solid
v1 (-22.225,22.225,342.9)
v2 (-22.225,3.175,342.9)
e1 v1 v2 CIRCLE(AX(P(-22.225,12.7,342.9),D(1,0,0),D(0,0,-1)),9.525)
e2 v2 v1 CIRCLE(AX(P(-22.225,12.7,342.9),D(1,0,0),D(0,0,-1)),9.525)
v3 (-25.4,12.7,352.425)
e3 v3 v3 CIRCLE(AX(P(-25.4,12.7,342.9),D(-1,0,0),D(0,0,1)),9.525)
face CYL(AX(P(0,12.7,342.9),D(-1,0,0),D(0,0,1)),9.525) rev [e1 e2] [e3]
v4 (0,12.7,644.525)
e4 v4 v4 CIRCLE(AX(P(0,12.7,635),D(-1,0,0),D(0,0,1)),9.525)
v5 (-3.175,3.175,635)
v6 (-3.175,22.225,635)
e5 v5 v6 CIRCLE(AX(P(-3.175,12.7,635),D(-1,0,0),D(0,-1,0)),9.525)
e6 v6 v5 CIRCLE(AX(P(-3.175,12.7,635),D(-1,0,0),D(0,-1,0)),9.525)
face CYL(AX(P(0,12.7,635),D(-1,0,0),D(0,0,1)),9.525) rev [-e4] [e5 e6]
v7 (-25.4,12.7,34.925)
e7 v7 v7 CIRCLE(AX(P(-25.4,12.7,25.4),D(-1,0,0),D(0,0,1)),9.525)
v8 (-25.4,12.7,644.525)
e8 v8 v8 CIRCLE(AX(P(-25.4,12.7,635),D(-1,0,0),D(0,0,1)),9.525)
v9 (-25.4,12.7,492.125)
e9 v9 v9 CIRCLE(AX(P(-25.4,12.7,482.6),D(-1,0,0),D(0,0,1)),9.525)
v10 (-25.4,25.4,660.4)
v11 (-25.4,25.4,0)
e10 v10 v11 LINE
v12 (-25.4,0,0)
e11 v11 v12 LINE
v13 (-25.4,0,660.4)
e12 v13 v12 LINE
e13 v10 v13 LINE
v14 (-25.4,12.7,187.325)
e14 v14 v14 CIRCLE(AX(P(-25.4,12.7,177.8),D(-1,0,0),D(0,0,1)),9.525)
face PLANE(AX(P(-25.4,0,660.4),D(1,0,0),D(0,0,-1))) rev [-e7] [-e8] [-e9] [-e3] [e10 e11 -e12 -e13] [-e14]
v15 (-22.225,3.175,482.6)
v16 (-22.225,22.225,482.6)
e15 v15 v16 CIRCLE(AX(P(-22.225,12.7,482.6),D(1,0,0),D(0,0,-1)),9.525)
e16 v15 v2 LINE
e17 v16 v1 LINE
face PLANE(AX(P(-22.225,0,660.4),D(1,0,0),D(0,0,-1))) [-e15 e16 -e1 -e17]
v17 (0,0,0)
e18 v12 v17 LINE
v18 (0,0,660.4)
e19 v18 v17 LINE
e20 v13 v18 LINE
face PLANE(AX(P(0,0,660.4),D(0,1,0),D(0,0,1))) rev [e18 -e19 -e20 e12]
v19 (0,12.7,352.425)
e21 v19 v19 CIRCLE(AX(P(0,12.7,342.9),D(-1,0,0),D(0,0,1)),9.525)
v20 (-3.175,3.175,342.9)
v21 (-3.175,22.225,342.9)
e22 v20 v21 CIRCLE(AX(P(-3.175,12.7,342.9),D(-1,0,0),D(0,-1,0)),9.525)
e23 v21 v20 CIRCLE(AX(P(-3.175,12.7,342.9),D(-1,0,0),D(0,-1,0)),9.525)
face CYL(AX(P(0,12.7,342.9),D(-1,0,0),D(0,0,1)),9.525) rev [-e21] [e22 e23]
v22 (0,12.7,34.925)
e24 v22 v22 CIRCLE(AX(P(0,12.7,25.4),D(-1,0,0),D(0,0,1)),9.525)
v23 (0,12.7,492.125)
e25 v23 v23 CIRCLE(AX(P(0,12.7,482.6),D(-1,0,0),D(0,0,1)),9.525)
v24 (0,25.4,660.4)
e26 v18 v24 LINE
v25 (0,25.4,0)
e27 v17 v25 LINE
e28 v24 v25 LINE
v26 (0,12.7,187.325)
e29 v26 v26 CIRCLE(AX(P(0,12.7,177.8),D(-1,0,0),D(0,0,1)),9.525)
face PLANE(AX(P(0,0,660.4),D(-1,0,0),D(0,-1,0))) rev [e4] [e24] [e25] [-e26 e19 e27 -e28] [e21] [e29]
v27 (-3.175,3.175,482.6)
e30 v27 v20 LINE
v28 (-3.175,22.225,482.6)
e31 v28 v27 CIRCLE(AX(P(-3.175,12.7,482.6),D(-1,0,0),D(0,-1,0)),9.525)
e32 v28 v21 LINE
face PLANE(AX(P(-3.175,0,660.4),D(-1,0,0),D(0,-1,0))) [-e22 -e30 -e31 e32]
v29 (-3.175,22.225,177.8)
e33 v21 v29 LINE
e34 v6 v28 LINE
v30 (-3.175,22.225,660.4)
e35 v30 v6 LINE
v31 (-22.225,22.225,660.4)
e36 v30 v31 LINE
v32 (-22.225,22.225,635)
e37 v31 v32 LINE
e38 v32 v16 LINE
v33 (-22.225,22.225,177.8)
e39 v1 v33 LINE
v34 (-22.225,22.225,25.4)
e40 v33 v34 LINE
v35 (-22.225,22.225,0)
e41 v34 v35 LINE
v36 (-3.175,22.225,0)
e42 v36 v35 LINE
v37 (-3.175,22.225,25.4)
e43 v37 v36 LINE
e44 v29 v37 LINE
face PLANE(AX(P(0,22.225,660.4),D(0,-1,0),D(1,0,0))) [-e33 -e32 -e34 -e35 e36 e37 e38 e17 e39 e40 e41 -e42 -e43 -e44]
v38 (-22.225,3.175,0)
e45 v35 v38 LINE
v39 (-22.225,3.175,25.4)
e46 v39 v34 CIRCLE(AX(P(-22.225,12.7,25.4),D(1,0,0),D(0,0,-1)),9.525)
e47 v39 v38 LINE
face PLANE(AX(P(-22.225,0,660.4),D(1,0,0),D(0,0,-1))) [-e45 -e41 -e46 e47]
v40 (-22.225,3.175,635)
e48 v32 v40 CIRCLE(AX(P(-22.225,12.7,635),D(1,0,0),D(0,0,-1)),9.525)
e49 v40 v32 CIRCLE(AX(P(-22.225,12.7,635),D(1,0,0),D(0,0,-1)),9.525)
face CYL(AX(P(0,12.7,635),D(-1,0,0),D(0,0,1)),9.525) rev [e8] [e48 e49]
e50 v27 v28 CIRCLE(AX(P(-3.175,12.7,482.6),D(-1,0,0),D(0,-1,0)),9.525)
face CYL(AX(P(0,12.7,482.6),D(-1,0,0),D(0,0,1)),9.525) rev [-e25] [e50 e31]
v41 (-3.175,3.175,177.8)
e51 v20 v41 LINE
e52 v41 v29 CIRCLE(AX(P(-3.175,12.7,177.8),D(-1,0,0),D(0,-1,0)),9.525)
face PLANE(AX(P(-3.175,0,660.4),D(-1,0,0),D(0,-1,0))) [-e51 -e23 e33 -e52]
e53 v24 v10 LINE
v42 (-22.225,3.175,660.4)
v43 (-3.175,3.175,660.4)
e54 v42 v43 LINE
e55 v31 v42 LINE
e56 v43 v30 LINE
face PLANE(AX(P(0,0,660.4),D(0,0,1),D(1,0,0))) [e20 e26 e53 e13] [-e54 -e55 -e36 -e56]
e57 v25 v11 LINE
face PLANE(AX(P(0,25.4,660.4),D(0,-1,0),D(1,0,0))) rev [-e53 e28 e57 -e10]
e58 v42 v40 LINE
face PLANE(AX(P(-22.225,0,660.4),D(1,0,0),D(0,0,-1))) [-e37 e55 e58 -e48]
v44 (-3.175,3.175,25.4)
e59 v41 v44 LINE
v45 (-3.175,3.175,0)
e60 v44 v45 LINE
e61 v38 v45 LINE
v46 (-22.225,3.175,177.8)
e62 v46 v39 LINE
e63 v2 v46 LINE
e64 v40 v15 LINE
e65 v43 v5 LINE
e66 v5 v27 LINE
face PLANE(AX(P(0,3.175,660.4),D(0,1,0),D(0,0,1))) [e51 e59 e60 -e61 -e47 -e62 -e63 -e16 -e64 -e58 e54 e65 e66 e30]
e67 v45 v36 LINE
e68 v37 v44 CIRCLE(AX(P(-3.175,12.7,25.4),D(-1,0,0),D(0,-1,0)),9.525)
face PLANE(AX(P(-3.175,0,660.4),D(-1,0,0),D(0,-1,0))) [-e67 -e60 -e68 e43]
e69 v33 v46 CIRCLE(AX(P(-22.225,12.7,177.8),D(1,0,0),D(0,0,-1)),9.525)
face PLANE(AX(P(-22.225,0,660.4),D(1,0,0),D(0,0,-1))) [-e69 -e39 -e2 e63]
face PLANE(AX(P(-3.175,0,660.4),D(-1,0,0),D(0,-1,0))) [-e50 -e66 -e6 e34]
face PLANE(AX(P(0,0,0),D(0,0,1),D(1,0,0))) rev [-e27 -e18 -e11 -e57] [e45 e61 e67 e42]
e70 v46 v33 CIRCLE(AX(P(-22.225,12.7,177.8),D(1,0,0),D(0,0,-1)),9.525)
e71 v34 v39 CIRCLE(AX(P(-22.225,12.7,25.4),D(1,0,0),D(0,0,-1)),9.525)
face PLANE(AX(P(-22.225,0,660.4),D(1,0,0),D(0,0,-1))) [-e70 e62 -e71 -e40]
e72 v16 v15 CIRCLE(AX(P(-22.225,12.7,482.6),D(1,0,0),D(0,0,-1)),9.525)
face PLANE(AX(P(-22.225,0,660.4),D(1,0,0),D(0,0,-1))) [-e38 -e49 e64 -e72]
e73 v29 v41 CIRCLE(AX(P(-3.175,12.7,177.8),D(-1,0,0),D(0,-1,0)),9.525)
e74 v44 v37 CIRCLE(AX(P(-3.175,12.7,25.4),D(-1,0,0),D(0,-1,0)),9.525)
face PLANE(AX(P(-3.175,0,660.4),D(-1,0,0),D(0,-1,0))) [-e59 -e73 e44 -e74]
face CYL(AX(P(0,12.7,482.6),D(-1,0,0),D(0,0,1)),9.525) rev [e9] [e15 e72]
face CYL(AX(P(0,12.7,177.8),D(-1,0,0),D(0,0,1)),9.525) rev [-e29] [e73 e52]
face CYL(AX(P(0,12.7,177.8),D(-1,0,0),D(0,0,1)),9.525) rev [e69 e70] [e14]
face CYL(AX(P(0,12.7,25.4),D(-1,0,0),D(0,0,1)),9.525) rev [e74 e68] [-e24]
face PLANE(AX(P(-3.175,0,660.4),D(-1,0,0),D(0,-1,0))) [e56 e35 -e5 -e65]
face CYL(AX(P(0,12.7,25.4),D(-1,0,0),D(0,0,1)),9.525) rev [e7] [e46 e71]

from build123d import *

# Parameters (mm, degrees)
SKETCH1_W           = 25.4
SKETCH1_H           = 25.4
SKETCH1_W_2         = 19.05
SKETCH1_H_2         = 19.05
EXTRUDE_THIN1_DEPTH = 660.4
SKETCH2_R           = 9.525
CUT_EXTRUDE1_DEPTH  = 662.376201568


with BuildPart() as part:
    # Sketch1 → Extrude-Thin1 (new body)
    with BuildSketch(Plane.XY):
        with Locations((-12.7, 12.7)):
            Rectangle(SKETCH1_W, SKETCH1_H)
        with Locations((-12.7, 12.7)):
            Rectangle(SKETCH1_W_2, SKETCH1_H_2, mode=Mode.SUBTRACT)
    extrude(amount=EXTRUDE_THIN1_DEPTH)

    # Sketch2 → Cut-Extrude1 (cut, through all)
    with BuildSketch(Plane.ZY.offset(25.4)):
        with Locations((25.4, 12.7)):
            Circle(SKETCH2_R)
        with Locations((177.8, 12.7)):
            Circle(SKETCH2_R)
        with Locations((482.6, 12.7)):
            Circle(SKETCH2_R)
        with Locations((635, 12.7)):
            Circle(SKETCH2_R)
        with Locations((342.9, 12.7)):
            Circle(SKETCH2_R)
    extrude(amount=-CUT_EXTRUDE1_DEPTH, mode=Mode.SUBTRACT)


solid = part.part
